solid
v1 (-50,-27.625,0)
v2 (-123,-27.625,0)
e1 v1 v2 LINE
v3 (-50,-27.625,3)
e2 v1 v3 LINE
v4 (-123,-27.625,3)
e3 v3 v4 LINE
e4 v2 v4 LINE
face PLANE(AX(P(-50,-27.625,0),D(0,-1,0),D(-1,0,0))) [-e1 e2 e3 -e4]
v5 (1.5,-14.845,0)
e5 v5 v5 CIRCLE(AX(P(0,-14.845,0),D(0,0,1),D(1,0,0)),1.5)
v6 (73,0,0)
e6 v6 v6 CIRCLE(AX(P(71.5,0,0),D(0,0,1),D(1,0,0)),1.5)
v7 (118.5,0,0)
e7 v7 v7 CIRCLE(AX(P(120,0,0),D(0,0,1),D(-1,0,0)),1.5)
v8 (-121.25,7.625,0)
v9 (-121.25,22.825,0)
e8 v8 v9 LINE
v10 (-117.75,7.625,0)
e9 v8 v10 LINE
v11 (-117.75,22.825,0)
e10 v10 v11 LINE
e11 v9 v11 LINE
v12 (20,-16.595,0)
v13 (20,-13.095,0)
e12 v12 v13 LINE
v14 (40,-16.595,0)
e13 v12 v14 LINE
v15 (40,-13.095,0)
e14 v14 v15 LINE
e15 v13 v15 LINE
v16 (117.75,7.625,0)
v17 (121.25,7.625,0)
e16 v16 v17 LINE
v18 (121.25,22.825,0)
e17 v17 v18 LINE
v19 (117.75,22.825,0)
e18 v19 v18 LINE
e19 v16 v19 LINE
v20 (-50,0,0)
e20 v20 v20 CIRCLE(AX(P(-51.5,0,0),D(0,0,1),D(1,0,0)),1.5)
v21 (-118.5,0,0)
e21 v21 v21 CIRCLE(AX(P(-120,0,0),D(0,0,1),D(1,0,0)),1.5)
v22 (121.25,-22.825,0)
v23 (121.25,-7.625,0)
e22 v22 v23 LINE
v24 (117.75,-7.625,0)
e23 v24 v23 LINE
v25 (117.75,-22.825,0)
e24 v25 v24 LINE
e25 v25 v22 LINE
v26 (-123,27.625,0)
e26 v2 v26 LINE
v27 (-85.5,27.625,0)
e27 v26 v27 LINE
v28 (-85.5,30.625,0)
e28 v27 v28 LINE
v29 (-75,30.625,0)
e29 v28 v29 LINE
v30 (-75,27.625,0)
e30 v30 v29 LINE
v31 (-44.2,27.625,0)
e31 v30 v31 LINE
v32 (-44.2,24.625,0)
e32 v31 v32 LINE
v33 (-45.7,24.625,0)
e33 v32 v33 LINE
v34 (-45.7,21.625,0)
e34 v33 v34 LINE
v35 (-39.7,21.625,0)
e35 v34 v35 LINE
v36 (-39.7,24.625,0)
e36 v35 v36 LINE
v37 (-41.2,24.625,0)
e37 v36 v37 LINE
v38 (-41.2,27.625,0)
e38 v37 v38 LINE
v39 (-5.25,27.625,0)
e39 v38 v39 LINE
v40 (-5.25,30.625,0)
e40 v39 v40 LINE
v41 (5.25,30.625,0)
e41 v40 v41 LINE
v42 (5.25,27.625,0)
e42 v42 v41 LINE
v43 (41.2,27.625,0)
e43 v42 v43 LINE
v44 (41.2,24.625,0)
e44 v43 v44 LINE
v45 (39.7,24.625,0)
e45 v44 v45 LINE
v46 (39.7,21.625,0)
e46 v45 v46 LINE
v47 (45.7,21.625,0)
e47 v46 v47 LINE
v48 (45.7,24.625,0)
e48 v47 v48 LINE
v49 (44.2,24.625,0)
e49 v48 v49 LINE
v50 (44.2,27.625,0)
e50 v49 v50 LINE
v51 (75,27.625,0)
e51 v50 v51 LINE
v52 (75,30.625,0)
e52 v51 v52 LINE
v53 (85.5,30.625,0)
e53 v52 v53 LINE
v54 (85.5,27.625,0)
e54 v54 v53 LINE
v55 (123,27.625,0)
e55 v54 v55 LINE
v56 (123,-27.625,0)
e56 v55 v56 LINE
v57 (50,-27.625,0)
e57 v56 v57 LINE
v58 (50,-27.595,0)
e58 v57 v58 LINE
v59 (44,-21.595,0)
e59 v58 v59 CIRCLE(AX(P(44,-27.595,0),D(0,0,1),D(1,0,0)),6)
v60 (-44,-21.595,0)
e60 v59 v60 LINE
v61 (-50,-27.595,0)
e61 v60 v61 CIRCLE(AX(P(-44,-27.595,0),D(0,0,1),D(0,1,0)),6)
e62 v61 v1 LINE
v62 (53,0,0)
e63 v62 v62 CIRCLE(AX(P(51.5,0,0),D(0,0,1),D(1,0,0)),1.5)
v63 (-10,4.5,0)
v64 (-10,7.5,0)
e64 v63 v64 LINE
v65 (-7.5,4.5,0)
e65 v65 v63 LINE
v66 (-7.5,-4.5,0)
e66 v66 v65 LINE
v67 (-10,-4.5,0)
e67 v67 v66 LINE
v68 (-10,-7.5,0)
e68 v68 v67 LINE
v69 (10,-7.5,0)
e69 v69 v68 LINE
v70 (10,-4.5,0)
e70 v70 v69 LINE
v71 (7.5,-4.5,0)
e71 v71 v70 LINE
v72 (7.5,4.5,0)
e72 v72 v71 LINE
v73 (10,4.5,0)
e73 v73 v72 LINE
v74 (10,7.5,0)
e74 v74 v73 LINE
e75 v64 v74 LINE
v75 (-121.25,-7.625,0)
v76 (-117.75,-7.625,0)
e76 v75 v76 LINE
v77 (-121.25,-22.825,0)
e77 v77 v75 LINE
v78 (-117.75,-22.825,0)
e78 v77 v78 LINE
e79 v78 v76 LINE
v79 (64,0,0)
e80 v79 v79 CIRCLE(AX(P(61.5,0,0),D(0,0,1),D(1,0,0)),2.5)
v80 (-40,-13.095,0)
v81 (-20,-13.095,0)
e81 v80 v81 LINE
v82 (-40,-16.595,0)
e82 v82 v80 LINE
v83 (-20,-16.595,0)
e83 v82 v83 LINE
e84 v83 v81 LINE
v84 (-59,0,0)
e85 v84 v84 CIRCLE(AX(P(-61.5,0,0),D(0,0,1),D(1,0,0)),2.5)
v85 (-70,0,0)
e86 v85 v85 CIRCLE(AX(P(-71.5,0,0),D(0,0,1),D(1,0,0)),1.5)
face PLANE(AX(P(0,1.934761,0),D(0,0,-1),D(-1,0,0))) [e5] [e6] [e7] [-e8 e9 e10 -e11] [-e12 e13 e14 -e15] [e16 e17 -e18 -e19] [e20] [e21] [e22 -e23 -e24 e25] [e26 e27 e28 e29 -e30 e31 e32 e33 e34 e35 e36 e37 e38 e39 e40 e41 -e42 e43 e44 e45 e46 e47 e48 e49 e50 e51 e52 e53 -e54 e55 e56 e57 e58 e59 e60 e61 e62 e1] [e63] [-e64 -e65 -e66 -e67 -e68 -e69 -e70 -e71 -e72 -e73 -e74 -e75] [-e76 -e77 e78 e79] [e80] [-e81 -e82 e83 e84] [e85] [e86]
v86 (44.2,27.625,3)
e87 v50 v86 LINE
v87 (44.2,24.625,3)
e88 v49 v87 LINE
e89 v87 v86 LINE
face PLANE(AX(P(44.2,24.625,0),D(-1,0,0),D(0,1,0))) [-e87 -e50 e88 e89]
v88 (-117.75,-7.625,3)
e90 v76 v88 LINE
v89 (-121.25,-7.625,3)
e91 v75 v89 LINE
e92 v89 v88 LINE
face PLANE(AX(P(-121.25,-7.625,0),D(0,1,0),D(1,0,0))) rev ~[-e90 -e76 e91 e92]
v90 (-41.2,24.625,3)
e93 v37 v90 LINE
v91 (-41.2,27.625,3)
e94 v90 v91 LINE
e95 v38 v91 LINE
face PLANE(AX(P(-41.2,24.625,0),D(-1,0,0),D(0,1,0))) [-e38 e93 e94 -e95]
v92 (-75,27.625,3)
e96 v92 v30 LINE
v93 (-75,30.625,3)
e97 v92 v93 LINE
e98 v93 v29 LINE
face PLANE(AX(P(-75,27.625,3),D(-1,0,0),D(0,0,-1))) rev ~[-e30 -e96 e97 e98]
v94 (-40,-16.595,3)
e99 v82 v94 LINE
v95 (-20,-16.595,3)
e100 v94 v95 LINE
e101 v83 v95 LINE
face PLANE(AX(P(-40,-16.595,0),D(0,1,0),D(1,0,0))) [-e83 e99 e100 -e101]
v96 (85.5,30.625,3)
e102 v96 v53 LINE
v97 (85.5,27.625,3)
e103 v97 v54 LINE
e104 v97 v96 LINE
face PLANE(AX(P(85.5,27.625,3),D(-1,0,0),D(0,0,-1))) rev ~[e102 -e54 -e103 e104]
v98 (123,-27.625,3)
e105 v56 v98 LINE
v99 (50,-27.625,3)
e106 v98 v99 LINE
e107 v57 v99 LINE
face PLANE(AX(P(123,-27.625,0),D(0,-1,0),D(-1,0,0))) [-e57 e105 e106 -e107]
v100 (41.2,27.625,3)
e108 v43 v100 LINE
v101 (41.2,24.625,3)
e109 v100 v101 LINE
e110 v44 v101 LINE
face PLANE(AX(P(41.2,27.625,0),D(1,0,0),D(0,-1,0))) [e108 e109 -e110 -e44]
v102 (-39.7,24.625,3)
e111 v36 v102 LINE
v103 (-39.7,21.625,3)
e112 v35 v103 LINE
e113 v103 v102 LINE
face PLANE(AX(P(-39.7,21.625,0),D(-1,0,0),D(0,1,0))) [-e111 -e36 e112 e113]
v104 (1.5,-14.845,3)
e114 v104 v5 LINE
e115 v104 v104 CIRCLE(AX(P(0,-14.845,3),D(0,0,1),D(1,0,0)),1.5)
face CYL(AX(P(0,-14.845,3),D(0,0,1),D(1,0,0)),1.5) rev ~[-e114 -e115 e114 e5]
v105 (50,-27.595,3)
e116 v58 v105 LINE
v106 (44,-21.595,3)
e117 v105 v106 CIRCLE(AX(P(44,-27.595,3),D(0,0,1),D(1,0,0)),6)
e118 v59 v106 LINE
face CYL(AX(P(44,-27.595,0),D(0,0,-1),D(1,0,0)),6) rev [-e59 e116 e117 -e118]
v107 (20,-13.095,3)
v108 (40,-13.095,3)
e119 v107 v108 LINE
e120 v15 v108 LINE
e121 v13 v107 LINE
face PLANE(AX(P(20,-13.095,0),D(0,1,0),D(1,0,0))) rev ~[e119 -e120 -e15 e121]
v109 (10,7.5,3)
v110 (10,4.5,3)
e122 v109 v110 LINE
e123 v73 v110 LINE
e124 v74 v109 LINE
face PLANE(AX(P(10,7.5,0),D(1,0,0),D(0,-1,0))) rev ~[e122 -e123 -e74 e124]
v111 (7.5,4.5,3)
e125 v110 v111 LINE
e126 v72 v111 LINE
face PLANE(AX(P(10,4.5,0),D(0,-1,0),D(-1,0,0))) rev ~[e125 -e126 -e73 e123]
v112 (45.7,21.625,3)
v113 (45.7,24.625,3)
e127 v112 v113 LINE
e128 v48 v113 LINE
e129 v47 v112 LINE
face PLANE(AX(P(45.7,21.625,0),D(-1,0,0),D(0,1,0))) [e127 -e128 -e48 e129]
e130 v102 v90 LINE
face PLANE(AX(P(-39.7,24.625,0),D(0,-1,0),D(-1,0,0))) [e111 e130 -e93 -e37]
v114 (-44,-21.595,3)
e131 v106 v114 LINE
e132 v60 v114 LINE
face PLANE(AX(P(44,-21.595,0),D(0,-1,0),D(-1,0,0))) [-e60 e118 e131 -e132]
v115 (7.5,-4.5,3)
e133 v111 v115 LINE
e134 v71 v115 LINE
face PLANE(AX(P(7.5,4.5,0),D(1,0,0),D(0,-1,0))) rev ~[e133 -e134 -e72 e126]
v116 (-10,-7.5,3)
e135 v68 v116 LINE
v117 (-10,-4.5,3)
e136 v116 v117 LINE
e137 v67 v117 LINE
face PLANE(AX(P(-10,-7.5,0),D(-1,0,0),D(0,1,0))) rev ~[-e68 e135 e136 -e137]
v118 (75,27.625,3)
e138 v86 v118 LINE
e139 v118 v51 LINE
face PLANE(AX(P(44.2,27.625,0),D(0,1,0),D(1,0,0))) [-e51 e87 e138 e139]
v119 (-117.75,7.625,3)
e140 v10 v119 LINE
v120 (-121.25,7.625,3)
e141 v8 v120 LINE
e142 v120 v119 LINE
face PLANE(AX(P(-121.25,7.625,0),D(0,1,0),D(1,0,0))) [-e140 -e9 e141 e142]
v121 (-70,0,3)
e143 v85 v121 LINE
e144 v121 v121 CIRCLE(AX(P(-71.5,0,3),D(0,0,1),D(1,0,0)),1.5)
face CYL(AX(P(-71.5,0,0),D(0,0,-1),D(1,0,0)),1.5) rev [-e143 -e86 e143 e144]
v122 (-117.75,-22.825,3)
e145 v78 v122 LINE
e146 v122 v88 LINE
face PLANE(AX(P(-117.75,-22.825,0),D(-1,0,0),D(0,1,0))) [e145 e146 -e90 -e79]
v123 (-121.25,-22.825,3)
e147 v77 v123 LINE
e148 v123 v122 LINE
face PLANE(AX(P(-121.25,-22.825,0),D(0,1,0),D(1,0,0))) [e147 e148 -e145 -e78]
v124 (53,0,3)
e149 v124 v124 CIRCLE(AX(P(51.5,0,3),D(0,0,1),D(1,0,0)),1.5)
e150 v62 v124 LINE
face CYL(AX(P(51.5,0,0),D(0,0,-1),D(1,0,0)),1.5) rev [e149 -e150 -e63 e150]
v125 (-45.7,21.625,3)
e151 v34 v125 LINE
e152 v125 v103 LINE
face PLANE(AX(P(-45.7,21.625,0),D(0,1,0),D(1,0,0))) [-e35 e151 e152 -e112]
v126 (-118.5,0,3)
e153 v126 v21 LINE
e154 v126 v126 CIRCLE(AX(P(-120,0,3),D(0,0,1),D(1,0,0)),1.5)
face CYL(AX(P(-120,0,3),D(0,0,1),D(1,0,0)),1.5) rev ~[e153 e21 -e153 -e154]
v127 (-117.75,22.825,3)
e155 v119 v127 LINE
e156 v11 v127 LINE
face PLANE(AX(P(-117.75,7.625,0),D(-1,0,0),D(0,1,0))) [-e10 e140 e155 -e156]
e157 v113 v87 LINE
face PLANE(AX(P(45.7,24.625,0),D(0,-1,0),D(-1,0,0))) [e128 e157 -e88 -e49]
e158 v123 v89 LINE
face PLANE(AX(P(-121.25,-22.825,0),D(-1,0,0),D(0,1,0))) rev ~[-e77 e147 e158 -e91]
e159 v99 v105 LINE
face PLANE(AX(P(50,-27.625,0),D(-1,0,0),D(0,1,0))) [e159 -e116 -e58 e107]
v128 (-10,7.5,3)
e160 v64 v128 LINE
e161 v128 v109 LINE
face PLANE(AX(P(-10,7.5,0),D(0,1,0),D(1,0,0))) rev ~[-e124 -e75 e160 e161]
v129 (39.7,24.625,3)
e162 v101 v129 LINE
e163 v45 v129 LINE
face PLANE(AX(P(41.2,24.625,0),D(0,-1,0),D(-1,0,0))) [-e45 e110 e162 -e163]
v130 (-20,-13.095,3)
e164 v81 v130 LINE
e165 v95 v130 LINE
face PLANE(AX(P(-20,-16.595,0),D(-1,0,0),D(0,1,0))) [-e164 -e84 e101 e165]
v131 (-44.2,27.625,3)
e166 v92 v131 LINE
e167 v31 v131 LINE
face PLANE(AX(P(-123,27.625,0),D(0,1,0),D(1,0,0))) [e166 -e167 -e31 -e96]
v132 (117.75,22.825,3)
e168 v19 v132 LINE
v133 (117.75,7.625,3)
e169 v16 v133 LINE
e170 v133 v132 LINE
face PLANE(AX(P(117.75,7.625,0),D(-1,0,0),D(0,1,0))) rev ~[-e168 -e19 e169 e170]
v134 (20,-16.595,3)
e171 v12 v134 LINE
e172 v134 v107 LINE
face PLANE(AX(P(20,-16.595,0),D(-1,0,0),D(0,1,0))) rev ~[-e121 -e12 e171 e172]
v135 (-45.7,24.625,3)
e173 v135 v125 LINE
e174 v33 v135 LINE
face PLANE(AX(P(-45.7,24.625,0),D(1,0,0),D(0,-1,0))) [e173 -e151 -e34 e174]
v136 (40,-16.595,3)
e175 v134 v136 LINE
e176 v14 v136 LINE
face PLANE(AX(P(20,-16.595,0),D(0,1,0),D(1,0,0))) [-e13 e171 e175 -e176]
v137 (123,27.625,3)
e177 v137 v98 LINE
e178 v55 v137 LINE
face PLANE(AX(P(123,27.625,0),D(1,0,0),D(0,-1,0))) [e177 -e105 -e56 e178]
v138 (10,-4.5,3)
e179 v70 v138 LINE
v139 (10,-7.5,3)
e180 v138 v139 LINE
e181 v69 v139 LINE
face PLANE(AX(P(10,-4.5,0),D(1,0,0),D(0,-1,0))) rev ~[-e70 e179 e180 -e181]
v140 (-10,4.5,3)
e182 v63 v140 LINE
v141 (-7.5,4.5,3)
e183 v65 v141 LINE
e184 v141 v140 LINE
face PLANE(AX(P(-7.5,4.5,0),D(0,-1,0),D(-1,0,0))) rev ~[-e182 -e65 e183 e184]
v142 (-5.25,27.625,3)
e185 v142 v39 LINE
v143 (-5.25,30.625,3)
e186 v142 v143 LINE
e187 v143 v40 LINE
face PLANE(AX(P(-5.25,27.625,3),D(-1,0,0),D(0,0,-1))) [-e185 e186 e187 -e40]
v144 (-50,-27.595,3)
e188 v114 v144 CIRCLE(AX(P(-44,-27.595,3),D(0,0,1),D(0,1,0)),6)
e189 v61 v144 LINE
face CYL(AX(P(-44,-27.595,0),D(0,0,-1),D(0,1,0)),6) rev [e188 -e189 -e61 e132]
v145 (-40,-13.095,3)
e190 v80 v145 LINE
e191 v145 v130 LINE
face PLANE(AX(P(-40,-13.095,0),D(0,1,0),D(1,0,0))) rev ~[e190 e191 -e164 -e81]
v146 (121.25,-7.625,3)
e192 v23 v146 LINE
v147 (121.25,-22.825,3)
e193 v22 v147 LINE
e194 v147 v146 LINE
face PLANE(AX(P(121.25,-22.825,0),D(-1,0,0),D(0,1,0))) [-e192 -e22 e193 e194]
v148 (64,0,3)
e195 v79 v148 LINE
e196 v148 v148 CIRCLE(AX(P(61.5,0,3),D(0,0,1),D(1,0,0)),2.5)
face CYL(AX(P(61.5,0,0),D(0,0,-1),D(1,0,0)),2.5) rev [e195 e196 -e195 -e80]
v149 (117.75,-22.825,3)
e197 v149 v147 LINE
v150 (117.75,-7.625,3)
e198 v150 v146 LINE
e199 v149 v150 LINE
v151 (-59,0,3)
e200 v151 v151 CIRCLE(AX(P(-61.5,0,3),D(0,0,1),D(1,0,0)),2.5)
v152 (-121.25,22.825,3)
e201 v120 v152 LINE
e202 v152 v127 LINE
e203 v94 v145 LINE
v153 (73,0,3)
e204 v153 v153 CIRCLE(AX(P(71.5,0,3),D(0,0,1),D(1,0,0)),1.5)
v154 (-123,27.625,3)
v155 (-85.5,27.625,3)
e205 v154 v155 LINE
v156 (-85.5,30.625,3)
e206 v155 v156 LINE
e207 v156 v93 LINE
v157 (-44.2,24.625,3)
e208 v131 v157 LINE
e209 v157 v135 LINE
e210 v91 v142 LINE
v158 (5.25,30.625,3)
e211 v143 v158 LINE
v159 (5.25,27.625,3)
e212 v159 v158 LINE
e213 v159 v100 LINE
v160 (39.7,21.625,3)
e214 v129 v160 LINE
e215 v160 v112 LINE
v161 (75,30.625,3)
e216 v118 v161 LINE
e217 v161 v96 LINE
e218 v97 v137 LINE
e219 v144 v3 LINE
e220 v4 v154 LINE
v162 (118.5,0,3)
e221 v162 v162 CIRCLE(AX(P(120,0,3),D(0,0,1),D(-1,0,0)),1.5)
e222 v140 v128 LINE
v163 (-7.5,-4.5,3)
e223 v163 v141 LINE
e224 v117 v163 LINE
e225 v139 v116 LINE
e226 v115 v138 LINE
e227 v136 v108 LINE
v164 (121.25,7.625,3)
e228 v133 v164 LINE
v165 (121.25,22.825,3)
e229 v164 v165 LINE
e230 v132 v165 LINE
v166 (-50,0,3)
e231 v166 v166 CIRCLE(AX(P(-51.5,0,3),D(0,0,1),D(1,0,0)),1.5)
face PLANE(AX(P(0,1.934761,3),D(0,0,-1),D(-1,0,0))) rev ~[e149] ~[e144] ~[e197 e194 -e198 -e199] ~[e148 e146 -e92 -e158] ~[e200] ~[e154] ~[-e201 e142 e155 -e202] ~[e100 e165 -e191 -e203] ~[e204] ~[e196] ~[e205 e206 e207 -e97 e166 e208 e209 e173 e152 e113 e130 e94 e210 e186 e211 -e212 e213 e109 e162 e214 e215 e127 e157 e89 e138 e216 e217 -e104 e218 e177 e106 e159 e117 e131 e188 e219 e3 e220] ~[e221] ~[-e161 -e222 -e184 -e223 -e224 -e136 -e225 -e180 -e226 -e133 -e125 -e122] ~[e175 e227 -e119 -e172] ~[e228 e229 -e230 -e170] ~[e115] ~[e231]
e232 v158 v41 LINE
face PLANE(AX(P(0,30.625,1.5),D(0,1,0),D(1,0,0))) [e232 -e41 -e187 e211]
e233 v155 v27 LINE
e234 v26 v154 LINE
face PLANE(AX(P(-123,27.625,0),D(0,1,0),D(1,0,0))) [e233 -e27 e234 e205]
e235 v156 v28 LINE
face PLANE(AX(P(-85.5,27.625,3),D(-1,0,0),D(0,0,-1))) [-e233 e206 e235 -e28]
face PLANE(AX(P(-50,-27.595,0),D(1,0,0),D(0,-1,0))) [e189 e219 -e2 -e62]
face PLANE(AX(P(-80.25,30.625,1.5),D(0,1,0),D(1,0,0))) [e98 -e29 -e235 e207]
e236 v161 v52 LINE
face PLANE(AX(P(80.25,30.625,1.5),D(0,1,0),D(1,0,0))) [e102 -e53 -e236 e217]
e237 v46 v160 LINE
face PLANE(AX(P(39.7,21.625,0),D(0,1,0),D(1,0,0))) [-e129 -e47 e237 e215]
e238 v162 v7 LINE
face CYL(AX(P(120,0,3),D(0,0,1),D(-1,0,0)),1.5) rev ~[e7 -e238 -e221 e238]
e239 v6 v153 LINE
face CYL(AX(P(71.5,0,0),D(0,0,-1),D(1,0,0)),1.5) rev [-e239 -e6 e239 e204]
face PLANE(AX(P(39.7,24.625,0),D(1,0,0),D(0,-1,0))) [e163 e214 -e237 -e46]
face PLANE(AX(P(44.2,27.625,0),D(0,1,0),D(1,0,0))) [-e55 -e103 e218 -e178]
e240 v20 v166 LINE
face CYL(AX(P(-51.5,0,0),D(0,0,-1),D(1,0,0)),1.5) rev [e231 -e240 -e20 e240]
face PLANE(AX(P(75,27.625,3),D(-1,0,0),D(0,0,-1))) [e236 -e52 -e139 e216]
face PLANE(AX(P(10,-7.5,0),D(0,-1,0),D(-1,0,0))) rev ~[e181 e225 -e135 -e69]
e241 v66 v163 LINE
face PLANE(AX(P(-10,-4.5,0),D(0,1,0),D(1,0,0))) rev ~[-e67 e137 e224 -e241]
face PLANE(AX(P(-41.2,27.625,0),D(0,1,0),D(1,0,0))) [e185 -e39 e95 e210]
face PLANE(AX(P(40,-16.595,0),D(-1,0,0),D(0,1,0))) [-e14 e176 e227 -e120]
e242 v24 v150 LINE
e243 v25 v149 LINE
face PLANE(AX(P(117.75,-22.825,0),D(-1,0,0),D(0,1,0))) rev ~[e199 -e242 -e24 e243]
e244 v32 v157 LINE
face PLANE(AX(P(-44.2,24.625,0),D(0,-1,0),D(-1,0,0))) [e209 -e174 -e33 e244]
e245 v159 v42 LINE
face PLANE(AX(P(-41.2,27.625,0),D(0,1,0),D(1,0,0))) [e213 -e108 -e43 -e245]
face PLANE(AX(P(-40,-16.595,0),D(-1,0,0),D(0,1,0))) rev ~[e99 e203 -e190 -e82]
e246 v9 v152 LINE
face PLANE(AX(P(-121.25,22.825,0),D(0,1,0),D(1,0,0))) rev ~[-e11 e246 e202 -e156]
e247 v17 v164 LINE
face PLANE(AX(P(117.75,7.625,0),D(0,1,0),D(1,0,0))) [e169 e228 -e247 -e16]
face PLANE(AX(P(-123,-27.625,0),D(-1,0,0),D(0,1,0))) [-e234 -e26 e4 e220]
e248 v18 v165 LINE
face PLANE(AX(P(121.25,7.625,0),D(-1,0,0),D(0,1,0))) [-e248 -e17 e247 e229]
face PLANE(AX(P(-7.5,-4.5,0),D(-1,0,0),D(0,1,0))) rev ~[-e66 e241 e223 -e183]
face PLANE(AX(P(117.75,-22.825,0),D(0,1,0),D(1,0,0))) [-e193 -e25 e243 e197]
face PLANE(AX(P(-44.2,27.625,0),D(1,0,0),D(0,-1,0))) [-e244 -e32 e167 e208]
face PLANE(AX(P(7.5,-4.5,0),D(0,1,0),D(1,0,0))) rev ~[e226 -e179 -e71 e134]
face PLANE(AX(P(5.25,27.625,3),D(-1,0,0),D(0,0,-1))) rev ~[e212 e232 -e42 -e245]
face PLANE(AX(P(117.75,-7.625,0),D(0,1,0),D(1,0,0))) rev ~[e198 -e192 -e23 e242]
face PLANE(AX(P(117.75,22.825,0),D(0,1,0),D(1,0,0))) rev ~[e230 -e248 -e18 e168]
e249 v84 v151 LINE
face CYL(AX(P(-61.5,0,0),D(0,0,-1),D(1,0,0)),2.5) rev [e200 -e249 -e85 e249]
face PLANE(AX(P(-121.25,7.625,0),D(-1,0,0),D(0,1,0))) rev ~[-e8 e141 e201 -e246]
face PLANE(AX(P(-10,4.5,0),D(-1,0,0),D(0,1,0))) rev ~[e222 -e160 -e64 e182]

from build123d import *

# Parameters (mm, degrees)
CROQUIS1_R              = 2.5
CROQUIS1_R_2            = 1.5
CROQUIS1_W              = 20
CROQUIS1_H              = 3.5
CROQUIS1_W_2            = 3.5
CROQUIS1_H_2            = 15.2
SALIENTE_EXTRUIR1_DEPTH = 3
CROQUIS2_W              = 10.5
CROQUIS2_H              = 3
SALIENTE_EXTRUIR2_DEPTH = 3
CROQUIS3_R              = 1.5
CORTAR_EXTRUIR1_DEPTH   = 3
CROQUIS4_R              = 1.5
CORTAR_EXTRUIR2_DEPTH   = 3


with BuildPart() as part:
    # Croquis1 → Saliente-Extruir1 (new body)
    with BuildSketch(Plane.XY):
        with BuildLine():
            Line((123, -27.625), (50, -27.625))
            Line((50, -27.625), (50, -27.595))
            ThreePointArc((50, -27.595), (48.242640687, -23.352359313), (44, -21.595))
            Line((44, -21.595), (-44, -21.595))
            ThreePointArc((-44, -21.595), (-48.242640687, -23.352359313), (-50, -27.595))
            Line((-50, -27.595), (-50, -27.625))
            Line((-50, -27.625), (-123, -27.625))
            Line((-123, -27.625), (-123, 27.625))
            Line((-123, 27.625), (-44.2, 27.625))
            Line((-44.2, 27.625), (-44.2, 24.625))
            Line((-44.2, 24.625), (-45.7, 24.625))
            Line((-45.7, 24.625), (-45.7, 21.625))
            Line((-45.7, 21.625), (-39.7, 21.625))
            Line((-39.7, 21.625), (-39.7, 24.625))
            Line((-39.7, 24.625), (-41.2, 24.625))
            Line((-41.2, 24.625), (-41.2, 27.625))
            Line((-41.2, 27.625), (41.2, 27.625))
            Line((41.2, 27.625), (41.2, 24.625))
            Line((41.2, 24.625), (39.7, 24.625))
            Line((39.7, 24.625), (39.7, 21.625))
            Line((39.7, 21.625), (45.7, 21.625))
            Line((45.7, 21.625), (45.7, 24.625))
            Line((45.7, 24.625), (44.2, 24.625))
            Line((44.2, 24.625), (44.2, 27.625))
            Line((44.2, 27.625), (123, 27.625))
            Line((123, 27.625), (123, -27.625))
        make_face()
        with Locations((61.5, 0)):
            Circle(CROQUIS1_R, mode=Mode.SUBTRACT)
        with Locations((71.5, 0)):
            Circle(CROQUIS1_R_2, mode=Mode.SUBTRACT)
        with Locations((51.5, 0)):
            Circle(CROQUIS1_R_2, mode=Mode.SUBTRACT)
        with Locations((-71.5, 0)):
            Circle(CROQUIS1_R_2, mode=Mode.SUBTRACT)
        with Locations((-61.5, 0)):
            Circle(CROQUIS1_R, mode=Mode.SUBTRACT)
        with Locations((-51.5, 0)):
            Circle(CROQUIS1_R_2, mode=Mode.SUBTRACT)
        Polygon((-10, 7.5), (10, 7.5), (10, 4.5), (7.5, 4.5), (7.5, -4.5), (10, -4.5), (10, -7.5), (-10, -7.5), (-10, -4.5), (-7.5, -4.5), (-7.5, 4.5), (-10, 4.5), align=None, mode=Mode.SUBTRACT)
        with Locations((30, -14.845)):
            Rectangle(CROQUIS1_W, CROQUIS1_H, mode=Mode.SUBTRACT)
        with Locations((119.5, 15.225)):
            Rectangle(CROQUIS1_W_2, CROQUIS1_H_2, mode=Mode.SUBTRACT)
        with Locations((119.5, -15.225)):
            Rectangle(CROQUIS1_W_2, CROQUIS1_H_2, mode=Mode.SUBTRACT)
        with Locations((-119.5, 15.225)):
            Rectangle(CROQUIS1_W_2, CROQUIS1_H_2, mode=Mode.SUBTRACT)
        with Locations((-119.5, -15.225)):
            Rectangle(CROQUIS1_W_2, CROQUIS1_H_2, mode=Mode.SUBTRACT)
        with Locations((-30, -14.845)):
            Rectangle(CROQUIS1_W, CROQUIS1_H, mode=Mode.SUBTRACT)
    extrude(amount=SALIENTE_EXTRUIR1_DEPTH)

    # Croquis2 → Saliente-Extruir2 (add)
    with BuildSketch(Plane(origin=(0, 27.625, 0), x_dir=(1, 0, 0), z_dir=(0, 1, 0))):
        with Locations((0, -1.5)):
            Rectangle(CROQUIS2_W, CROQUIS2_H)
        with Locations((80.25, -1.5)):
            Rectangle(CROQUIS2_W, CROQUIS2_H)
        with Locations((-80.25, -1.5)):
            Rectangle(CROQUIS2_W, CROQUIS2_H)
    extrude(amount=SALIENTE_EXTRUIR2_DEPTH)

    # Croquis3 → Cortar-Extruir1 (cut)
    with BuildSketch(Plane.XY.offset(3)):
        with Locations((-120, 0)):
            Circle(CROQUIS3_R)
        with Locations(Location((120, 0, 0), (0, 0, 180))):
            Circle(CROQUIS3_R)
    extrude(amount=-CORTAR_EXTRUIR1_DEPTH, mode=Mode.SUBTRACT)

    # Croquis4 → Cortar-Extruir2 (cut)
    with BuildSketch(Plane.XY.offset(3)):
        with Locations((0, -14.845)):
            Circle(CROQUIS4_R)
    extrude(amount=-CORTAR_EXTRUIR2_DEPTH, mode=Mode.SUBTRACT)


solid = part.part
